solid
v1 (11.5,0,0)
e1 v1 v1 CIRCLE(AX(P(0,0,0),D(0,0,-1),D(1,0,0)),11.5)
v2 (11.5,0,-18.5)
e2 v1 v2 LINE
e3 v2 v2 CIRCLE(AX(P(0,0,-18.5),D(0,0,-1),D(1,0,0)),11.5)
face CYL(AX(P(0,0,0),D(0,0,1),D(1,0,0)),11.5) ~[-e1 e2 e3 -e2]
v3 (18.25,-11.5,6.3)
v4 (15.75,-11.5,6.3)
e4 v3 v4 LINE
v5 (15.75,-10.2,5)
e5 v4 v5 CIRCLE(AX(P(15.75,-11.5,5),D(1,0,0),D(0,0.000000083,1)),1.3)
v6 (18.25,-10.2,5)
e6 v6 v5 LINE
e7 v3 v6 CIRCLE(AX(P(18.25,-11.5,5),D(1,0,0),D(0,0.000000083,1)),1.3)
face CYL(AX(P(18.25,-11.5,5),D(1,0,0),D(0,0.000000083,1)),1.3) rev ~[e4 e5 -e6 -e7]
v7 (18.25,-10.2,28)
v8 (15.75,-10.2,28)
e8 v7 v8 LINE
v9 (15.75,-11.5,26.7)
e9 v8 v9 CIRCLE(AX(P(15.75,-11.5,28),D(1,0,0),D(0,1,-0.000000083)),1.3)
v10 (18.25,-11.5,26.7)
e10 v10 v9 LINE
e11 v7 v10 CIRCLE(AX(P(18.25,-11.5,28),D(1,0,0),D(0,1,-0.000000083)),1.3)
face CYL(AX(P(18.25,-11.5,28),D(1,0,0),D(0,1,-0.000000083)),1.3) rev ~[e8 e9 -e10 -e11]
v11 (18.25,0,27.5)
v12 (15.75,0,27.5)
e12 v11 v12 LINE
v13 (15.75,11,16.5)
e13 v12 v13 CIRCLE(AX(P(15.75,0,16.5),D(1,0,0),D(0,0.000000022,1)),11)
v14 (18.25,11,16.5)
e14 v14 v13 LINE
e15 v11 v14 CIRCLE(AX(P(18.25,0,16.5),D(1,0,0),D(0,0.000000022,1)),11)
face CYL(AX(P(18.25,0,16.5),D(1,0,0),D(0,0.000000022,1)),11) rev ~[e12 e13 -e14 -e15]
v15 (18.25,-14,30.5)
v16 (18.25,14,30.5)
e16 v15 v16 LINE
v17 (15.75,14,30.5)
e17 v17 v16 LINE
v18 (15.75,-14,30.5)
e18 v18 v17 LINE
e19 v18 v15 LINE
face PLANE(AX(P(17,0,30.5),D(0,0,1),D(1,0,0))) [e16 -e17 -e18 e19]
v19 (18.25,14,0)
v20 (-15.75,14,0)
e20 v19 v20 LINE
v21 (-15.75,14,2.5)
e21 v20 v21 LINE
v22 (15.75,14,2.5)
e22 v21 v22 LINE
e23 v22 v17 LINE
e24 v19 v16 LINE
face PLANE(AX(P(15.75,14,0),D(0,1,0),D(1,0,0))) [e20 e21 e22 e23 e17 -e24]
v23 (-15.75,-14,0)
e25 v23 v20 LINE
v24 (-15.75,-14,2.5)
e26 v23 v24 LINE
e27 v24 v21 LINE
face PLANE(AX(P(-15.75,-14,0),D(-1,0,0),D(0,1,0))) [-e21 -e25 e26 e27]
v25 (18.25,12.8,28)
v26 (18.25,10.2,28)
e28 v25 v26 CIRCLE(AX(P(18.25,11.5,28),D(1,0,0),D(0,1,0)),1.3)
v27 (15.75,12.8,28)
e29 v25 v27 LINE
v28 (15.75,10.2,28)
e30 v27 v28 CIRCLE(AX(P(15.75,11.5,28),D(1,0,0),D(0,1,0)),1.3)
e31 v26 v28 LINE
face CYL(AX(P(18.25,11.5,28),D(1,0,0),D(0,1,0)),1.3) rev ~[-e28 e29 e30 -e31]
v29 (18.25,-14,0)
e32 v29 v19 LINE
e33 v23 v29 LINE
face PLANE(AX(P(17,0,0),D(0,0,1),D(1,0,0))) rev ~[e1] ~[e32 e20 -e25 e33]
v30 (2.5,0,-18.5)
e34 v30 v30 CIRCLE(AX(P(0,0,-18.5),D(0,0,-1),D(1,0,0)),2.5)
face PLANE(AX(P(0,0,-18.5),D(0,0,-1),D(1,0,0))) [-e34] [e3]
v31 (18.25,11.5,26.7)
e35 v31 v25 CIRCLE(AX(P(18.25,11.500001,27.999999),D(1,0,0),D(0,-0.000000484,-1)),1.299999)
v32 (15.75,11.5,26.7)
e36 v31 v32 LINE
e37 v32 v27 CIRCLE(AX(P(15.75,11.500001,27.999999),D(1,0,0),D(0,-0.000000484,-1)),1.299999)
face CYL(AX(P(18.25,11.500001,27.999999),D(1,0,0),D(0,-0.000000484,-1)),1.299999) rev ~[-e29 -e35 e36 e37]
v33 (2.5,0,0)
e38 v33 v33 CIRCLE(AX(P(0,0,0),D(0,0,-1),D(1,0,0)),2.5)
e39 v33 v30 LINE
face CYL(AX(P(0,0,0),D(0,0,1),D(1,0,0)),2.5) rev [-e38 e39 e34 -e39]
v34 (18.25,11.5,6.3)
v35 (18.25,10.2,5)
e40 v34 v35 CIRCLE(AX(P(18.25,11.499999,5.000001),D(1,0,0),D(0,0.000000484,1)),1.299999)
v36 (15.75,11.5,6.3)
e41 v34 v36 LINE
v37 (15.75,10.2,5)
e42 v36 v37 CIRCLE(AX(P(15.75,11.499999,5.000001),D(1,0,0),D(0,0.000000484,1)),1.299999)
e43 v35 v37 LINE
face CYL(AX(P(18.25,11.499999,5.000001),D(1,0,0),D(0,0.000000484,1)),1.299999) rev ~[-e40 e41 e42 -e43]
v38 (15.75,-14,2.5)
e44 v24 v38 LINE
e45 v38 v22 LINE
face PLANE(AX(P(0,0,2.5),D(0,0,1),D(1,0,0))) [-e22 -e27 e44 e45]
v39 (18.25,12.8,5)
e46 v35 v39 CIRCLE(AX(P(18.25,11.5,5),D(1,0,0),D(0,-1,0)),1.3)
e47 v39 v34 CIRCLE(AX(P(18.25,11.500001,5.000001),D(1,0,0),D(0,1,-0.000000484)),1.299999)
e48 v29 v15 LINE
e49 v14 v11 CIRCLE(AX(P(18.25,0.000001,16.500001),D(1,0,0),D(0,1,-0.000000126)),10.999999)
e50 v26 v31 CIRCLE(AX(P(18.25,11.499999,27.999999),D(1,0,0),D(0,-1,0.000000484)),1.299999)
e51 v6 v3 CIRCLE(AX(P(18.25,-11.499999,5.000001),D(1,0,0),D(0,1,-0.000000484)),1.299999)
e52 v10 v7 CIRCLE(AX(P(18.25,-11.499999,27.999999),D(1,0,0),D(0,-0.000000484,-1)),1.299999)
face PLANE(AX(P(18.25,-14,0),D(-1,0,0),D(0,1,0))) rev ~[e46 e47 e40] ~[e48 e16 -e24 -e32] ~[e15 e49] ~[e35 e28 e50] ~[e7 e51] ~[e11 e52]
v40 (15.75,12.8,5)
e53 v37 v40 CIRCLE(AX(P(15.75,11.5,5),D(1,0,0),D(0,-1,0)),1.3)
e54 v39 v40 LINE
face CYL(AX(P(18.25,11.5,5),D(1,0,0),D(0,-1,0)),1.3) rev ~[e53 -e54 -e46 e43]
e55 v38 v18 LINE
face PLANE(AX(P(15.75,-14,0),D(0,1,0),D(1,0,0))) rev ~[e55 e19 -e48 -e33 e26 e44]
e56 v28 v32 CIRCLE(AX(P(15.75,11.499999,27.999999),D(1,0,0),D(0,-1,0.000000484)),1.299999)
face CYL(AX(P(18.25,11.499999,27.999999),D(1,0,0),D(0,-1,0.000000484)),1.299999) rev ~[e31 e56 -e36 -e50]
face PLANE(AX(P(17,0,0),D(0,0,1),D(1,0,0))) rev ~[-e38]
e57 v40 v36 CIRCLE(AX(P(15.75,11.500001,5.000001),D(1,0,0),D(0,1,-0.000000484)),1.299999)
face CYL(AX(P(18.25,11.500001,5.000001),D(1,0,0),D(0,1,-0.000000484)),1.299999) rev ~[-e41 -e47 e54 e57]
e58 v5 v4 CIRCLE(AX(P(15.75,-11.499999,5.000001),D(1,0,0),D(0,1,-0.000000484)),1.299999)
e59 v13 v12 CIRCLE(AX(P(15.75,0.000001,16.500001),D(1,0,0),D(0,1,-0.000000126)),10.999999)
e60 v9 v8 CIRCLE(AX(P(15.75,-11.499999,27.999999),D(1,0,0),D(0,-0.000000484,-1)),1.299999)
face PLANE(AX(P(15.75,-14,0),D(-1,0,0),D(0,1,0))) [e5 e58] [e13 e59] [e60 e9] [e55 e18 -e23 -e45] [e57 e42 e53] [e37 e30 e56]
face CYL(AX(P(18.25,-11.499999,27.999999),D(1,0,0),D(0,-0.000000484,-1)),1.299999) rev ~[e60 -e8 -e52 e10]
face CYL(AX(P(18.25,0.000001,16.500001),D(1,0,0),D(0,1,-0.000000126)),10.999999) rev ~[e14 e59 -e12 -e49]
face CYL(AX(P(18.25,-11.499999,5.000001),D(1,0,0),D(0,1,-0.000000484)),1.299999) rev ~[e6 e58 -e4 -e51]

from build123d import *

# Parameters (mm, degrees)
F0_W     = 31.5
F0_H     = 28
F1_DEPTH = 2.5
F0_W_2   = 2.5
F2_DEPTH = 30.5
F4_DEPTH = 2.5
F5_R     = 11.5
F5_R_2   = 2.5
F6_DEPTH = 18.5


with BuildPart() as f1:
    # F0 (on Top) → F1 (new body)
    with BuildSketch(Plane.XY):
        Rectangle(F0_W, F0_H)
    extrude(amount=F1_DEPTH)

    # F0 (on Top) → F2 (join)
    with BuildSketch(Plane.XY):
        with Locations((17, 0)):
            Rectangle(F0_W_2, F0_H)
    extrude(amount=F2_DEPTH)

    # F3 (on face) → F4 (cut)
    with BuildSketch(Plane.YZ.offset(18.25)):
        with BuildLine():
            Line((-11.5, 28), (-10.2, 28))
            ThreePointArc((-10.2, 28), (-12.419239, 28.919239), (-11.5, 26.7))
            Line((-11.5, 26.7), (-11.5, 28))
        make_face()
        with BuildLine():
            Line((-11.5, 5), (-11.5, 6.3))
            ThreePointArc((-11.5, 6.3), (-12.419239, 4.080761), (-10.2, 5))
            Line((-10.2, 5), (-11.5, 5))
        make_face()
        with BuildLine():
            ThreePointArc((-10.2, 5), (-10.580761, 5.919239), (-11.5, 6.3))
            Line((-11.5, 6.3), (-11.5, 5))
            Line((-11.5, 5), (-10.2, 5))
        make_face()
        with BuildLine():
            Line((11.5, 5), (11.5, 6.3))
            ThreePointArc((11.5, 6.3), (10.580761, 5.919239), (10.2, 5))
            Line((10.2, 5), (11.5, 5))
        make_face()
        with BuildLine():
            ThreePointArc((12.8, 5), (12.419239, 5.919239), (11.5, 6.3))
            Line((11.5, 6.3), (11.5, 5))
            Line((11.5, 5), (10.2, 5))
            ThreePointArc((10.2, 5), (11.5, 3.7), (12.8, 5))
        make_face()
        with BuildLine():
            ThreePointArc((11, 16.5), (7.778175, 24.278175), (0, 27.5))
            ThreePointArc((0, 27.5), (-7.778175, 8.721825), (11, 16.5))
        make_face()
        with BuildLine():
            ThreePointArc((-11.5, 26.7), (-10.580761, 27.080761), (-10.2, 28))
            Line((-10.2, 28), (-11.5, 28))
            Line((-11.5, 28), (-11.5, 26.7))
        make_face()
        with BuildLine():
            Line((11.5, 28), (10.2, 28))
            ThreePointArc((10.2, 28), (10.580761, 27.080761), (11.5, 26.7))
            Line((11.5, 26.7), (11.5, 28))
        make_face()
        with BuildLine():
            ThreePointArc((12.8, 28), (11.5, 29.3), (10.2, 28))
            Line((10.2, 28), (11.5, 28))
            Line((11.5, 28), (11.5, 26.7))
            ThreePointArc((11.5, 26.7), (12.419239, 27.080761), (12.8, 28))
        make_face()
    extrude(amount=-F4_DEPTH, mode=Mode.SUBTRACT)

    # F5 (on face) → F6 (join)
    with BuildSketch(Plane(origin=(0, 0, 0), x_dir=(1, 0, 0), z_dir=(0, 0, -1))):
        Circle(F5_R)
        Circle(F5_R_2, mode=Mode.SUBTRACT)
    extrude(amount=F6_DEPTH)


solid = f1.part
